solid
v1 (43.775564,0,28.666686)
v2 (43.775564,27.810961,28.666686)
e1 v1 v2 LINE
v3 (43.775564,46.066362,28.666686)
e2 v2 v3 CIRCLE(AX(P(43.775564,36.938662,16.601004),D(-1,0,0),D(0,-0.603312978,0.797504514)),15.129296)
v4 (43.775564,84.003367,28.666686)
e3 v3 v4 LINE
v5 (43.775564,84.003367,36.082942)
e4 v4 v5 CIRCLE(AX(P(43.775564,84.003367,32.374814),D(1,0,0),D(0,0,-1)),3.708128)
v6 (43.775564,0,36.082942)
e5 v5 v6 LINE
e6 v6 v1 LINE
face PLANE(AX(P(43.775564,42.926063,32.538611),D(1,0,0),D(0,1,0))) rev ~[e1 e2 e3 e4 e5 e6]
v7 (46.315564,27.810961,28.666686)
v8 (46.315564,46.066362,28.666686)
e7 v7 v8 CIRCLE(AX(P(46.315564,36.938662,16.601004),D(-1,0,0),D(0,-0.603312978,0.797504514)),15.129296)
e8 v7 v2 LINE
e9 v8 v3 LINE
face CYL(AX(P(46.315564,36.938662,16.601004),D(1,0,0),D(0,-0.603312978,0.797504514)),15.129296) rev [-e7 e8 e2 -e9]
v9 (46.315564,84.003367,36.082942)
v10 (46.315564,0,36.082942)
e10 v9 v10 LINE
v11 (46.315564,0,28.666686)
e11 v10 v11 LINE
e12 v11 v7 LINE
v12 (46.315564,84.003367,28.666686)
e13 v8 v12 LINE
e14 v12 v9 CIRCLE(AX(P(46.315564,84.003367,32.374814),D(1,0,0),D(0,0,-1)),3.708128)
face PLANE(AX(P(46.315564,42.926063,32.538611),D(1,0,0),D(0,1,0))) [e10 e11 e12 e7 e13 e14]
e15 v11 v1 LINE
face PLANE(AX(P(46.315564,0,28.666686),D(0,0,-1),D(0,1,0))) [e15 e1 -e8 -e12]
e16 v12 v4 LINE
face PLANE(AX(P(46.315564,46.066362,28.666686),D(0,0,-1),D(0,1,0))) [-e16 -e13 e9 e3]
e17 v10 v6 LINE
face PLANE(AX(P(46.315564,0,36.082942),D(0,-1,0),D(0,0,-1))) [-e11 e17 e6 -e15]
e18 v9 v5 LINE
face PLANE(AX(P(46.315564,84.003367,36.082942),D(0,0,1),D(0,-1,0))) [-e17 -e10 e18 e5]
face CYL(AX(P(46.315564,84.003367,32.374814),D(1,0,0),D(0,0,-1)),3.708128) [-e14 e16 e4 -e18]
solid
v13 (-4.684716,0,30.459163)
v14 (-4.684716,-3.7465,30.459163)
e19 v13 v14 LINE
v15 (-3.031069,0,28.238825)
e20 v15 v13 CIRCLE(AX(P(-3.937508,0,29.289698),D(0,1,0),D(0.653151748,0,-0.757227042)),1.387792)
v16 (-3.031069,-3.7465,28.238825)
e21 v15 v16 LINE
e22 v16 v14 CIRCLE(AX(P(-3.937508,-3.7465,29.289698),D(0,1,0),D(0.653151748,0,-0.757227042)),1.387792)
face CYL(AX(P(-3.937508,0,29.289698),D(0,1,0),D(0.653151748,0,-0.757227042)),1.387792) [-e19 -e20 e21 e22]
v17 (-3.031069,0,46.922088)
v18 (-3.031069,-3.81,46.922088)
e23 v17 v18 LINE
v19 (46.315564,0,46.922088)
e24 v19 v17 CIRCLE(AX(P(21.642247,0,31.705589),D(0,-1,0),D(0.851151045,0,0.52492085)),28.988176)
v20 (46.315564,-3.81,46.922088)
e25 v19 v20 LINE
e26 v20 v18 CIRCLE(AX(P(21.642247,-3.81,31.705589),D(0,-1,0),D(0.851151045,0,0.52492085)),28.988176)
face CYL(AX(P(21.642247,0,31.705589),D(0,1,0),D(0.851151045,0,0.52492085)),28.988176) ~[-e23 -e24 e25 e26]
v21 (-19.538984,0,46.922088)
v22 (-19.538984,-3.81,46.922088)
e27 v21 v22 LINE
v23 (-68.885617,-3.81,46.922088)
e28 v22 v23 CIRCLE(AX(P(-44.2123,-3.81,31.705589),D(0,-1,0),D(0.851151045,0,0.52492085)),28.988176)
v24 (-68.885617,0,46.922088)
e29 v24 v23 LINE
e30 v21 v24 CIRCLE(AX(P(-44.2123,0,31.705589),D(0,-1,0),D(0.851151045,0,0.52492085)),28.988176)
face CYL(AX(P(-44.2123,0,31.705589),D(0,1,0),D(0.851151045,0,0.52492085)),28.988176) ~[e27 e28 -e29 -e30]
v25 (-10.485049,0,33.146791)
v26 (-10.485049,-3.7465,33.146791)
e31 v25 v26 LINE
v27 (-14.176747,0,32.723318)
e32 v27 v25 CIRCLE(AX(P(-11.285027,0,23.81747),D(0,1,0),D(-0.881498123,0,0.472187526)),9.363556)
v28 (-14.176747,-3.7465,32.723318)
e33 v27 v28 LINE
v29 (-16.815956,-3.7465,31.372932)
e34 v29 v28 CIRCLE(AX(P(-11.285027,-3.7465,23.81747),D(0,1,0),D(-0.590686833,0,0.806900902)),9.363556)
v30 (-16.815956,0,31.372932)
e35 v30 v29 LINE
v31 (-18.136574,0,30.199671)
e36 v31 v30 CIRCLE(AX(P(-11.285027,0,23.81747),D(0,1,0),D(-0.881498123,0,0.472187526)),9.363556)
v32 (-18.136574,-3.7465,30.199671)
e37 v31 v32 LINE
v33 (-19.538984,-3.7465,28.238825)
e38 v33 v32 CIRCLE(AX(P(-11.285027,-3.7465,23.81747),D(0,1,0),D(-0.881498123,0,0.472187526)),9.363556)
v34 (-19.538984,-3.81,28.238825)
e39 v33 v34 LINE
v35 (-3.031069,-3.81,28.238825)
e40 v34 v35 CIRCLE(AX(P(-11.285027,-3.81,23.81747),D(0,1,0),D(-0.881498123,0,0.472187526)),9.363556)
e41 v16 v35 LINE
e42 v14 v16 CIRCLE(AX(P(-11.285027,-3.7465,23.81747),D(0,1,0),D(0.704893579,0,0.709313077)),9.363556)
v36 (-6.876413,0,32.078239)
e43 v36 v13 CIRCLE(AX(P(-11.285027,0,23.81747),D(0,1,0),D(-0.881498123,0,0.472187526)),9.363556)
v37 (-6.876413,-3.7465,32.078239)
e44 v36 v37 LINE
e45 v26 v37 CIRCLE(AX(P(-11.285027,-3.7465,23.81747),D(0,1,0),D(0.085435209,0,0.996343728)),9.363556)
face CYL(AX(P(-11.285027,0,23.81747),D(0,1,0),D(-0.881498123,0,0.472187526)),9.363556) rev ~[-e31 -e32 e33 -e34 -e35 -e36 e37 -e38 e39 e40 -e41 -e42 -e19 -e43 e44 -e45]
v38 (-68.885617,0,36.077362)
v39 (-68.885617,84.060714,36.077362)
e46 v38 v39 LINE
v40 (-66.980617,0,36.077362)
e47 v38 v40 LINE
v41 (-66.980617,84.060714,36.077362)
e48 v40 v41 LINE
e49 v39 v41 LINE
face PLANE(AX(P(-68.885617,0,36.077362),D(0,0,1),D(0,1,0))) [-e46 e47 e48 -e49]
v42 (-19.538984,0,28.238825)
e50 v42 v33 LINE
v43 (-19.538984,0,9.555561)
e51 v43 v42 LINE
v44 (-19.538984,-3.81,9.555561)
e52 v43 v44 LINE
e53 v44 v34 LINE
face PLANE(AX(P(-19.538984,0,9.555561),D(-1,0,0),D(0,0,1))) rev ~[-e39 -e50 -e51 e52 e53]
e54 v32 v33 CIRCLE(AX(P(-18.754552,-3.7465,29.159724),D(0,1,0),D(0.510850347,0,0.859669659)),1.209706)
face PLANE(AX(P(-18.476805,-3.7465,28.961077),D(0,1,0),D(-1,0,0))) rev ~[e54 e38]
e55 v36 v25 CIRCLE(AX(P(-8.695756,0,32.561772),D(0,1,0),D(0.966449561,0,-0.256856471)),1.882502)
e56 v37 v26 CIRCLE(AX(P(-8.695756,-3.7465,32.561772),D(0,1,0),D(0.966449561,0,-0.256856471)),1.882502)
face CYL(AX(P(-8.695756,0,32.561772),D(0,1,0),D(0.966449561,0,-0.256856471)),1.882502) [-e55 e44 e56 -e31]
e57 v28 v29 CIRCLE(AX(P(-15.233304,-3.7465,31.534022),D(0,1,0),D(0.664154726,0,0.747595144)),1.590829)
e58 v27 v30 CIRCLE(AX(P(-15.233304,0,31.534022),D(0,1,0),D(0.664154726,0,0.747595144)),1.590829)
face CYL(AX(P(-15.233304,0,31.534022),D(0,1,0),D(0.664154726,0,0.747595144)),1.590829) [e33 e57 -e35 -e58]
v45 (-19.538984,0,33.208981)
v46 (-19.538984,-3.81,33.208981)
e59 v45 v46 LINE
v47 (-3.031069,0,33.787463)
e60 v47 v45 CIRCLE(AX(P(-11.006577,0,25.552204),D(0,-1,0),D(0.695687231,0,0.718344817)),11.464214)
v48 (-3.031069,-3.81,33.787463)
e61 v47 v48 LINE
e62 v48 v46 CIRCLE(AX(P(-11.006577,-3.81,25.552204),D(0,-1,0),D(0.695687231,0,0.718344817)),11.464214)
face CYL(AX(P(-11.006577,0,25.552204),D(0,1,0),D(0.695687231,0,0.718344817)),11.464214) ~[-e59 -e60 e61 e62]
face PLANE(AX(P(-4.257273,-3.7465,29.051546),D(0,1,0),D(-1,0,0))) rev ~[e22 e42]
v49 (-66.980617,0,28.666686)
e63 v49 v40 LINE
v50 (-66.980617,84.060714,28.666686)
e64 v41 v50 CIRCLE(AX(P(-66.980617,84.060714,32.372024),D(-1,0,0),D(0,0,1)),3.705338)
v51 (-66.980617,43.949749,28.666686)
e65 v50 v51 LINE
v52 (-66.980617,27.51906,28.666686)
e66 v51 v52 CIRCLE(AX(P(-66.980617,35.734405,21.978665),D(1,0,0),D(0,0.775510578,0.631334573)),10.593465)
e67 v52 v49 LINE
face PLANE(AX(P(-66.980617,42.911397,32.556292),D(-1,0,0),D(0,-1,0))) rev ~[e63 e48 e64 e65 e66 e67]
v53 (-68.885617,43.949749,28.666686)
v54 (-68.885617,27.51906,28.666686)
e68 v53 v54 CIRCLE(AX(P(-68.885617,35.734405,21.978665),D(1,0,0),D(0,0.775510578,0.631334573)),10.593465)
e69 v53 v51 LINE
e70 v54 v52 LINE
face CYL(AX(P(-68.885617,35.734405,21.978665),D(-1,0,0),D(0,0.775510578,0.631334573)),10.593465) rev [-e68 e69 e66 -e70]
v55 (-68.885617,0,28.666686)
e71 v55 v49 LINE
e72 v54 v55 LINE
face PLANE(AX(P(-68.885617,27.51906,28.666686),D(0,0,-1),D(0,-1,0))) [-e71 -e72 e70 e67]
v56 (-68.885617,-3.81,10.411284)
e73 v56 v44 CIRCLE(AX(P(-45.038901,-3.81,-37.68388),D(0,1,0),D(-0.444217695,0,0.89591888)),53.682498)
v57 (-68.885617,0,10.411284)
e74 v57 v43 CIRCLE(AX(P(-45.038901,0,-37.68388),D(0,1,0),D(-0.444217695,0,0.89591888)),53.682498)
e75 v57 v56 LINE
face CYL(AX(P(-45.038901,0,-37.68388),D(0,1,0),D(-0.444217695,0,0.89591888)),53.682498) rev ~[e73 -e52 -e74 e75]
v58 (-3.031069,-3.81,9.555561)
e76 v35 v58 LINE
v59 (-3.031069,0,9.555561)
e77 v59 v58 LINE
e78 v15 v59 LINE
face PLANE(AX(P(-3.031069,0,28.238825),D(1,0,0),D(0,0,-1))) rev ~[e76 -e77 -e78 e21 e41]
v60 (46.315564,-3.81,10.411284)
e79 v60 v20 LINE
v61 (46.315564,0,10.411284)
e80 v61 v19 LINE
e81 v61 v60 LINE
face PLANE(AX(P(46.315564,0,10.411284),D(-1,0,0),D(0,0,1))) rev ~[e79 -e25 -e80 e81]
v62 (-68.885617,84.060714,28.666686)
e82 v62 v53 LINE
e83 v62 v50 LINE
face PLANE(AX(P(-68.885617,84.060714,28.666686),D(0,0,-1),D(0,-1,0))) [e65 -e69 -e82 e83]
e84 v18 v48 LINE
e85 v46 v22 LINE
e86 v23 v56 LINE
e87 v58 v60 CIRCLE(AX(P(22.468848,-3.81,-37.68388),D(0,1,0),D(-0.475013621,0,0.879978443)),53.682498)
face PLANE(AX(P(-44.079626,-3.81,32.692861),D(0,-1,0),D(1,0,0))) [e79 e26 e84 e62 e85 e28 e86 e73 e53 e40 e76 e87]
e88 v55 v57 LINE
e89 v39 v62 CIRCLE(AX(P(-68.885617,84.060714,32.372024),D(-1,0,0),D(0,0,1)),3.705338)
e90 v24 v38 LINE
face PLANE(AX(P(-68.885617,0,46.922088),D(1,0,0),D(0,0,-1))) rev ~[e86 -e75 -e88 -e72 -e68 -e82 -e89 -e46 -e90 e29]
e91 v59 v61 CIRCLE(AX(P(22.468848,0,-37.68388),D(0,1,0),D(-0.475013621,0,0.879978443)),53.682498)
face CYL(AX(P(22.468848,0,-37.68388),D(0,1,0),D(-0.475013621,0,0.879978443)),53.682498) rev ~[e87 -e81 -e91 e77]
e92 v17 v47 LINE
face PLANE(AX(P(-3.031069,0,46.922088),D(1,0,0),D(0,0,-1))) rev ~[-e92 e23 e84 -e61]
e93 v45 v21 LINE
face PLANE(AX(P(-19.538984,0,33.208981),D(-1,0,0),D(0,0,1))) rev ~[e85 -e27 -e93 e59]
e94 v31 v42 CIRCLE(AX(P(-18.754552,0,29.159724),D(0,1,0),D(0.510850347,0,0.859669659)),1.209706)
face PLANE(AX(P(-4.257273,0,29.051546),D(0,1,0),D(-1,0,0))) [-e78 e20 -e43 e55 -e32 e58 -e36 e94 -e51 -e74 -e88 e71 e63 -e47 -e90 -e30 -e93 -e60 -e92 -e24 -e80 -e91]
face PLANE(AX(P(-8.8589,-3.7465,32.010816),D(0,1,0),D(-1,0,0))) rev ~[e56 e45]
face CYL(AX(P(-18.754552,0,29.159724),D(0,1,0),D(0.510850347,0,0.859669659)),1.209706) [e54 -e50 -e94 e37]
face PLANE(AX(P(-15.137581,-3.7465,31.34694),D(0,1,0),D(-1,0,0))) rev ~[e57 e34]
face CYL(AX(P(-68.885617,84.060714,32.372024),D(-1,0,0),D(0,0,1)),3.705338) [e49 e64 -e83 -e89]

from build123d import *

# Parameters (mm, degrees)
F1_DEPTH = 3.81
F3_DEPTH = 2.54
F5_DEPTH = 1.905
F7_DEPTH = 3.7465


with BuildPart() as f1:
    # F0 (on Front) → F1 (new body)
    with BuildSketch(Plane.XZ):
        with BuildLine():
            ThreePointArc((-68.8856169581, 10.4112839326), (-44.1081304529, 15.9905487889), (-19.5389837027, 9.555561468))
            Line((-19.5389837027, 9.555561468), (-19.5389837027, 28.2388245687))
            Line((-19.5389837027, 28.2388245687), (-19.5389837027, 33.2089811563))
            Line((-19.5389837027, 33.2089811563), (-19.5389837027, 46.9220876694))
            ThreePointArc((-19.5389837027, 46.9220876694), (-44.2123003304, 60.6937658633), (-68.8856169581, 46.9220876694))
            Line((-68.8856169581, 46.9220876694), (-68.8856169581, 10.4112839326))
        make_face()
        with BuildLine():
            Line((-19.5389837027, 33.2089811563), (-19.5389837027, 28.2388245687))
            ThreePointArc((-19.5389837027, 28.2388245687), (-11.2850265577, 33.181026292), (-3.0310694128, 28.2388245687))
            Line((-3.0310694128, 28.2388245687), (-3.0310694128, 33.7874628603))
            ThreePointArc((-3.0310694128, 33.7874628603), (-11.4080671733, 37.0093856655), (-19.5389837027, 33.2089811563))
        make_face()
        with BuildLine():
            Line((-3.0310694128, 33.7874628603), (-3.0310694128, 28.2388245687))
            Line((-3.0310694128, 28.2388245687), (-3.0310694128, 9.555561468))
            ThreePointArc((-3.0310694128, 9.555561468), (21.5380773374, 15.9905487889), (46.3155638427, 10.4112839326))
            Line((46.3155638427, 10.4112839326), (46.3155638427, 46.9220876694))
            ThreePointArc((46.3155638427, 46.9220876694), (21.6422472149, 60.6937658633), (-3.0310694128, 46.9220876694))
            Line((-3.0310694128, 46.9220876694), (-3.0310694128, 33.7874628603))
        make_face()
    extrude(amount=F1_DEPTH)

    # F4 (on face) → F5 (join)
    with BuildSketch(Plane(origin=(-68.8856169581, 0, 0), x_dir=(0, -1, 0), z_dir=(-1, 0, 0))):
        with BuildLine():
            Line((0, 28.666685801), (0, 36.0773615539))
            Line((0, 36.0773615539), (-84.0607136488, 36.0773615539))
            ThreePointArc((-84.0607136488, 36.0773615539), (-87.7660515253, 32.3720236775), (-84.0607136488, 28.666685801))
            Line((-84.0607136488, 28.666685801), (-43.9497493207, 28.666685801))
            ThreePointArc((-43.9497493207, 28.666685801), (-35.7344048098, 32.5721302641), (-27.5190602988, 28.666685801))
            Line((-27.5190602988, 28.666685801), (0, 28.666685801))
        make_face()
    extrude(amount=-F5_DEPTH)

    # F6 (on face) → F7 (join)
    with BuildSketch(Plane(origin=(0, 0, 0), x_dir=(-1, 0, 0), z_dir=(0, 1, 0))):
        with BuildLine():
            ThreePointArc((10.4850491791, 33.1467905871), (8.6264920964, 32.795687018), (6.8764129189, 32.0782394464))
            ThreePointArc((6.8764129189, 32.0782394464), (9.2302432397, 30.7567408368), (10.4850491791, 33.1467905871))
        make_face()
        with BuildLine():
            ThreePointArc((4.6847159658, 30.4591629776), (3.7753798842, 29.4104470252), (3.0310694128, 28.2388245687))
            ThreePointArc((3.0310694128, 28.2388245687), (5.0505286179, 28.4607515645), (4.6847159658, 30.4591629776))
        make_face()
        with BuildLine():
            ThreePointArc((16.8159558735, 31.3729320461), (15.5501344197, 32.1532387716), (14.1767474713, 32.7233184401))
            ThreePointArc((14.1767474713, 32.7233184401), (14.5086800909, 30.117810225), (16.8159558735, 31.3729320461))
        make_face()
        with BuildLine():
            ThreePointArc((19.5389837027, 28.2388245687), (18.9011472937, 29.2645692329), (18.1365737962, 30.1996707075))
            ThreePointArc((18.1365737962, 30.1996707075), (17.770603097, 28.4559966735), (19.5389837027, 28.2388245687))
        make_face()
    extrude(amount=-F7_DEPTH)


with BuildPart() as f3:
    # F2 (on face) → F3 (new body)
    with BuildSketch(Plane.YZ.offset(46.3155638427)):
        with BuildLine():
            Line((27.8109610081, 36.0829420388), (0, 36.0829420388))
            Line((0, 36.0829420388), (0, 28.666685801))
            Line((0, 28.666685801), (27.8109610081, 28.666685801))
            ThreePointArc((27.8109610081, 28.666685801), (36.9386617094, 31.7302999676), (46.0663624108, 28.666685801))
            Line((46.0663624108, 28.666685801), (84.0033665299, 28.666685801))
            ThreePointArc((84.0033665299, 28.666685801), (87.7114946488, 32.3748139199), (84.0033665299, 36.0829420388))
            Line((84.0033665299, 36.0829420388), (27.8109610081, 36.0829420388))
        make_face()
    extrude(amount=-F3_DEPTH)


solid = Compound([f1.part, f3.part])
